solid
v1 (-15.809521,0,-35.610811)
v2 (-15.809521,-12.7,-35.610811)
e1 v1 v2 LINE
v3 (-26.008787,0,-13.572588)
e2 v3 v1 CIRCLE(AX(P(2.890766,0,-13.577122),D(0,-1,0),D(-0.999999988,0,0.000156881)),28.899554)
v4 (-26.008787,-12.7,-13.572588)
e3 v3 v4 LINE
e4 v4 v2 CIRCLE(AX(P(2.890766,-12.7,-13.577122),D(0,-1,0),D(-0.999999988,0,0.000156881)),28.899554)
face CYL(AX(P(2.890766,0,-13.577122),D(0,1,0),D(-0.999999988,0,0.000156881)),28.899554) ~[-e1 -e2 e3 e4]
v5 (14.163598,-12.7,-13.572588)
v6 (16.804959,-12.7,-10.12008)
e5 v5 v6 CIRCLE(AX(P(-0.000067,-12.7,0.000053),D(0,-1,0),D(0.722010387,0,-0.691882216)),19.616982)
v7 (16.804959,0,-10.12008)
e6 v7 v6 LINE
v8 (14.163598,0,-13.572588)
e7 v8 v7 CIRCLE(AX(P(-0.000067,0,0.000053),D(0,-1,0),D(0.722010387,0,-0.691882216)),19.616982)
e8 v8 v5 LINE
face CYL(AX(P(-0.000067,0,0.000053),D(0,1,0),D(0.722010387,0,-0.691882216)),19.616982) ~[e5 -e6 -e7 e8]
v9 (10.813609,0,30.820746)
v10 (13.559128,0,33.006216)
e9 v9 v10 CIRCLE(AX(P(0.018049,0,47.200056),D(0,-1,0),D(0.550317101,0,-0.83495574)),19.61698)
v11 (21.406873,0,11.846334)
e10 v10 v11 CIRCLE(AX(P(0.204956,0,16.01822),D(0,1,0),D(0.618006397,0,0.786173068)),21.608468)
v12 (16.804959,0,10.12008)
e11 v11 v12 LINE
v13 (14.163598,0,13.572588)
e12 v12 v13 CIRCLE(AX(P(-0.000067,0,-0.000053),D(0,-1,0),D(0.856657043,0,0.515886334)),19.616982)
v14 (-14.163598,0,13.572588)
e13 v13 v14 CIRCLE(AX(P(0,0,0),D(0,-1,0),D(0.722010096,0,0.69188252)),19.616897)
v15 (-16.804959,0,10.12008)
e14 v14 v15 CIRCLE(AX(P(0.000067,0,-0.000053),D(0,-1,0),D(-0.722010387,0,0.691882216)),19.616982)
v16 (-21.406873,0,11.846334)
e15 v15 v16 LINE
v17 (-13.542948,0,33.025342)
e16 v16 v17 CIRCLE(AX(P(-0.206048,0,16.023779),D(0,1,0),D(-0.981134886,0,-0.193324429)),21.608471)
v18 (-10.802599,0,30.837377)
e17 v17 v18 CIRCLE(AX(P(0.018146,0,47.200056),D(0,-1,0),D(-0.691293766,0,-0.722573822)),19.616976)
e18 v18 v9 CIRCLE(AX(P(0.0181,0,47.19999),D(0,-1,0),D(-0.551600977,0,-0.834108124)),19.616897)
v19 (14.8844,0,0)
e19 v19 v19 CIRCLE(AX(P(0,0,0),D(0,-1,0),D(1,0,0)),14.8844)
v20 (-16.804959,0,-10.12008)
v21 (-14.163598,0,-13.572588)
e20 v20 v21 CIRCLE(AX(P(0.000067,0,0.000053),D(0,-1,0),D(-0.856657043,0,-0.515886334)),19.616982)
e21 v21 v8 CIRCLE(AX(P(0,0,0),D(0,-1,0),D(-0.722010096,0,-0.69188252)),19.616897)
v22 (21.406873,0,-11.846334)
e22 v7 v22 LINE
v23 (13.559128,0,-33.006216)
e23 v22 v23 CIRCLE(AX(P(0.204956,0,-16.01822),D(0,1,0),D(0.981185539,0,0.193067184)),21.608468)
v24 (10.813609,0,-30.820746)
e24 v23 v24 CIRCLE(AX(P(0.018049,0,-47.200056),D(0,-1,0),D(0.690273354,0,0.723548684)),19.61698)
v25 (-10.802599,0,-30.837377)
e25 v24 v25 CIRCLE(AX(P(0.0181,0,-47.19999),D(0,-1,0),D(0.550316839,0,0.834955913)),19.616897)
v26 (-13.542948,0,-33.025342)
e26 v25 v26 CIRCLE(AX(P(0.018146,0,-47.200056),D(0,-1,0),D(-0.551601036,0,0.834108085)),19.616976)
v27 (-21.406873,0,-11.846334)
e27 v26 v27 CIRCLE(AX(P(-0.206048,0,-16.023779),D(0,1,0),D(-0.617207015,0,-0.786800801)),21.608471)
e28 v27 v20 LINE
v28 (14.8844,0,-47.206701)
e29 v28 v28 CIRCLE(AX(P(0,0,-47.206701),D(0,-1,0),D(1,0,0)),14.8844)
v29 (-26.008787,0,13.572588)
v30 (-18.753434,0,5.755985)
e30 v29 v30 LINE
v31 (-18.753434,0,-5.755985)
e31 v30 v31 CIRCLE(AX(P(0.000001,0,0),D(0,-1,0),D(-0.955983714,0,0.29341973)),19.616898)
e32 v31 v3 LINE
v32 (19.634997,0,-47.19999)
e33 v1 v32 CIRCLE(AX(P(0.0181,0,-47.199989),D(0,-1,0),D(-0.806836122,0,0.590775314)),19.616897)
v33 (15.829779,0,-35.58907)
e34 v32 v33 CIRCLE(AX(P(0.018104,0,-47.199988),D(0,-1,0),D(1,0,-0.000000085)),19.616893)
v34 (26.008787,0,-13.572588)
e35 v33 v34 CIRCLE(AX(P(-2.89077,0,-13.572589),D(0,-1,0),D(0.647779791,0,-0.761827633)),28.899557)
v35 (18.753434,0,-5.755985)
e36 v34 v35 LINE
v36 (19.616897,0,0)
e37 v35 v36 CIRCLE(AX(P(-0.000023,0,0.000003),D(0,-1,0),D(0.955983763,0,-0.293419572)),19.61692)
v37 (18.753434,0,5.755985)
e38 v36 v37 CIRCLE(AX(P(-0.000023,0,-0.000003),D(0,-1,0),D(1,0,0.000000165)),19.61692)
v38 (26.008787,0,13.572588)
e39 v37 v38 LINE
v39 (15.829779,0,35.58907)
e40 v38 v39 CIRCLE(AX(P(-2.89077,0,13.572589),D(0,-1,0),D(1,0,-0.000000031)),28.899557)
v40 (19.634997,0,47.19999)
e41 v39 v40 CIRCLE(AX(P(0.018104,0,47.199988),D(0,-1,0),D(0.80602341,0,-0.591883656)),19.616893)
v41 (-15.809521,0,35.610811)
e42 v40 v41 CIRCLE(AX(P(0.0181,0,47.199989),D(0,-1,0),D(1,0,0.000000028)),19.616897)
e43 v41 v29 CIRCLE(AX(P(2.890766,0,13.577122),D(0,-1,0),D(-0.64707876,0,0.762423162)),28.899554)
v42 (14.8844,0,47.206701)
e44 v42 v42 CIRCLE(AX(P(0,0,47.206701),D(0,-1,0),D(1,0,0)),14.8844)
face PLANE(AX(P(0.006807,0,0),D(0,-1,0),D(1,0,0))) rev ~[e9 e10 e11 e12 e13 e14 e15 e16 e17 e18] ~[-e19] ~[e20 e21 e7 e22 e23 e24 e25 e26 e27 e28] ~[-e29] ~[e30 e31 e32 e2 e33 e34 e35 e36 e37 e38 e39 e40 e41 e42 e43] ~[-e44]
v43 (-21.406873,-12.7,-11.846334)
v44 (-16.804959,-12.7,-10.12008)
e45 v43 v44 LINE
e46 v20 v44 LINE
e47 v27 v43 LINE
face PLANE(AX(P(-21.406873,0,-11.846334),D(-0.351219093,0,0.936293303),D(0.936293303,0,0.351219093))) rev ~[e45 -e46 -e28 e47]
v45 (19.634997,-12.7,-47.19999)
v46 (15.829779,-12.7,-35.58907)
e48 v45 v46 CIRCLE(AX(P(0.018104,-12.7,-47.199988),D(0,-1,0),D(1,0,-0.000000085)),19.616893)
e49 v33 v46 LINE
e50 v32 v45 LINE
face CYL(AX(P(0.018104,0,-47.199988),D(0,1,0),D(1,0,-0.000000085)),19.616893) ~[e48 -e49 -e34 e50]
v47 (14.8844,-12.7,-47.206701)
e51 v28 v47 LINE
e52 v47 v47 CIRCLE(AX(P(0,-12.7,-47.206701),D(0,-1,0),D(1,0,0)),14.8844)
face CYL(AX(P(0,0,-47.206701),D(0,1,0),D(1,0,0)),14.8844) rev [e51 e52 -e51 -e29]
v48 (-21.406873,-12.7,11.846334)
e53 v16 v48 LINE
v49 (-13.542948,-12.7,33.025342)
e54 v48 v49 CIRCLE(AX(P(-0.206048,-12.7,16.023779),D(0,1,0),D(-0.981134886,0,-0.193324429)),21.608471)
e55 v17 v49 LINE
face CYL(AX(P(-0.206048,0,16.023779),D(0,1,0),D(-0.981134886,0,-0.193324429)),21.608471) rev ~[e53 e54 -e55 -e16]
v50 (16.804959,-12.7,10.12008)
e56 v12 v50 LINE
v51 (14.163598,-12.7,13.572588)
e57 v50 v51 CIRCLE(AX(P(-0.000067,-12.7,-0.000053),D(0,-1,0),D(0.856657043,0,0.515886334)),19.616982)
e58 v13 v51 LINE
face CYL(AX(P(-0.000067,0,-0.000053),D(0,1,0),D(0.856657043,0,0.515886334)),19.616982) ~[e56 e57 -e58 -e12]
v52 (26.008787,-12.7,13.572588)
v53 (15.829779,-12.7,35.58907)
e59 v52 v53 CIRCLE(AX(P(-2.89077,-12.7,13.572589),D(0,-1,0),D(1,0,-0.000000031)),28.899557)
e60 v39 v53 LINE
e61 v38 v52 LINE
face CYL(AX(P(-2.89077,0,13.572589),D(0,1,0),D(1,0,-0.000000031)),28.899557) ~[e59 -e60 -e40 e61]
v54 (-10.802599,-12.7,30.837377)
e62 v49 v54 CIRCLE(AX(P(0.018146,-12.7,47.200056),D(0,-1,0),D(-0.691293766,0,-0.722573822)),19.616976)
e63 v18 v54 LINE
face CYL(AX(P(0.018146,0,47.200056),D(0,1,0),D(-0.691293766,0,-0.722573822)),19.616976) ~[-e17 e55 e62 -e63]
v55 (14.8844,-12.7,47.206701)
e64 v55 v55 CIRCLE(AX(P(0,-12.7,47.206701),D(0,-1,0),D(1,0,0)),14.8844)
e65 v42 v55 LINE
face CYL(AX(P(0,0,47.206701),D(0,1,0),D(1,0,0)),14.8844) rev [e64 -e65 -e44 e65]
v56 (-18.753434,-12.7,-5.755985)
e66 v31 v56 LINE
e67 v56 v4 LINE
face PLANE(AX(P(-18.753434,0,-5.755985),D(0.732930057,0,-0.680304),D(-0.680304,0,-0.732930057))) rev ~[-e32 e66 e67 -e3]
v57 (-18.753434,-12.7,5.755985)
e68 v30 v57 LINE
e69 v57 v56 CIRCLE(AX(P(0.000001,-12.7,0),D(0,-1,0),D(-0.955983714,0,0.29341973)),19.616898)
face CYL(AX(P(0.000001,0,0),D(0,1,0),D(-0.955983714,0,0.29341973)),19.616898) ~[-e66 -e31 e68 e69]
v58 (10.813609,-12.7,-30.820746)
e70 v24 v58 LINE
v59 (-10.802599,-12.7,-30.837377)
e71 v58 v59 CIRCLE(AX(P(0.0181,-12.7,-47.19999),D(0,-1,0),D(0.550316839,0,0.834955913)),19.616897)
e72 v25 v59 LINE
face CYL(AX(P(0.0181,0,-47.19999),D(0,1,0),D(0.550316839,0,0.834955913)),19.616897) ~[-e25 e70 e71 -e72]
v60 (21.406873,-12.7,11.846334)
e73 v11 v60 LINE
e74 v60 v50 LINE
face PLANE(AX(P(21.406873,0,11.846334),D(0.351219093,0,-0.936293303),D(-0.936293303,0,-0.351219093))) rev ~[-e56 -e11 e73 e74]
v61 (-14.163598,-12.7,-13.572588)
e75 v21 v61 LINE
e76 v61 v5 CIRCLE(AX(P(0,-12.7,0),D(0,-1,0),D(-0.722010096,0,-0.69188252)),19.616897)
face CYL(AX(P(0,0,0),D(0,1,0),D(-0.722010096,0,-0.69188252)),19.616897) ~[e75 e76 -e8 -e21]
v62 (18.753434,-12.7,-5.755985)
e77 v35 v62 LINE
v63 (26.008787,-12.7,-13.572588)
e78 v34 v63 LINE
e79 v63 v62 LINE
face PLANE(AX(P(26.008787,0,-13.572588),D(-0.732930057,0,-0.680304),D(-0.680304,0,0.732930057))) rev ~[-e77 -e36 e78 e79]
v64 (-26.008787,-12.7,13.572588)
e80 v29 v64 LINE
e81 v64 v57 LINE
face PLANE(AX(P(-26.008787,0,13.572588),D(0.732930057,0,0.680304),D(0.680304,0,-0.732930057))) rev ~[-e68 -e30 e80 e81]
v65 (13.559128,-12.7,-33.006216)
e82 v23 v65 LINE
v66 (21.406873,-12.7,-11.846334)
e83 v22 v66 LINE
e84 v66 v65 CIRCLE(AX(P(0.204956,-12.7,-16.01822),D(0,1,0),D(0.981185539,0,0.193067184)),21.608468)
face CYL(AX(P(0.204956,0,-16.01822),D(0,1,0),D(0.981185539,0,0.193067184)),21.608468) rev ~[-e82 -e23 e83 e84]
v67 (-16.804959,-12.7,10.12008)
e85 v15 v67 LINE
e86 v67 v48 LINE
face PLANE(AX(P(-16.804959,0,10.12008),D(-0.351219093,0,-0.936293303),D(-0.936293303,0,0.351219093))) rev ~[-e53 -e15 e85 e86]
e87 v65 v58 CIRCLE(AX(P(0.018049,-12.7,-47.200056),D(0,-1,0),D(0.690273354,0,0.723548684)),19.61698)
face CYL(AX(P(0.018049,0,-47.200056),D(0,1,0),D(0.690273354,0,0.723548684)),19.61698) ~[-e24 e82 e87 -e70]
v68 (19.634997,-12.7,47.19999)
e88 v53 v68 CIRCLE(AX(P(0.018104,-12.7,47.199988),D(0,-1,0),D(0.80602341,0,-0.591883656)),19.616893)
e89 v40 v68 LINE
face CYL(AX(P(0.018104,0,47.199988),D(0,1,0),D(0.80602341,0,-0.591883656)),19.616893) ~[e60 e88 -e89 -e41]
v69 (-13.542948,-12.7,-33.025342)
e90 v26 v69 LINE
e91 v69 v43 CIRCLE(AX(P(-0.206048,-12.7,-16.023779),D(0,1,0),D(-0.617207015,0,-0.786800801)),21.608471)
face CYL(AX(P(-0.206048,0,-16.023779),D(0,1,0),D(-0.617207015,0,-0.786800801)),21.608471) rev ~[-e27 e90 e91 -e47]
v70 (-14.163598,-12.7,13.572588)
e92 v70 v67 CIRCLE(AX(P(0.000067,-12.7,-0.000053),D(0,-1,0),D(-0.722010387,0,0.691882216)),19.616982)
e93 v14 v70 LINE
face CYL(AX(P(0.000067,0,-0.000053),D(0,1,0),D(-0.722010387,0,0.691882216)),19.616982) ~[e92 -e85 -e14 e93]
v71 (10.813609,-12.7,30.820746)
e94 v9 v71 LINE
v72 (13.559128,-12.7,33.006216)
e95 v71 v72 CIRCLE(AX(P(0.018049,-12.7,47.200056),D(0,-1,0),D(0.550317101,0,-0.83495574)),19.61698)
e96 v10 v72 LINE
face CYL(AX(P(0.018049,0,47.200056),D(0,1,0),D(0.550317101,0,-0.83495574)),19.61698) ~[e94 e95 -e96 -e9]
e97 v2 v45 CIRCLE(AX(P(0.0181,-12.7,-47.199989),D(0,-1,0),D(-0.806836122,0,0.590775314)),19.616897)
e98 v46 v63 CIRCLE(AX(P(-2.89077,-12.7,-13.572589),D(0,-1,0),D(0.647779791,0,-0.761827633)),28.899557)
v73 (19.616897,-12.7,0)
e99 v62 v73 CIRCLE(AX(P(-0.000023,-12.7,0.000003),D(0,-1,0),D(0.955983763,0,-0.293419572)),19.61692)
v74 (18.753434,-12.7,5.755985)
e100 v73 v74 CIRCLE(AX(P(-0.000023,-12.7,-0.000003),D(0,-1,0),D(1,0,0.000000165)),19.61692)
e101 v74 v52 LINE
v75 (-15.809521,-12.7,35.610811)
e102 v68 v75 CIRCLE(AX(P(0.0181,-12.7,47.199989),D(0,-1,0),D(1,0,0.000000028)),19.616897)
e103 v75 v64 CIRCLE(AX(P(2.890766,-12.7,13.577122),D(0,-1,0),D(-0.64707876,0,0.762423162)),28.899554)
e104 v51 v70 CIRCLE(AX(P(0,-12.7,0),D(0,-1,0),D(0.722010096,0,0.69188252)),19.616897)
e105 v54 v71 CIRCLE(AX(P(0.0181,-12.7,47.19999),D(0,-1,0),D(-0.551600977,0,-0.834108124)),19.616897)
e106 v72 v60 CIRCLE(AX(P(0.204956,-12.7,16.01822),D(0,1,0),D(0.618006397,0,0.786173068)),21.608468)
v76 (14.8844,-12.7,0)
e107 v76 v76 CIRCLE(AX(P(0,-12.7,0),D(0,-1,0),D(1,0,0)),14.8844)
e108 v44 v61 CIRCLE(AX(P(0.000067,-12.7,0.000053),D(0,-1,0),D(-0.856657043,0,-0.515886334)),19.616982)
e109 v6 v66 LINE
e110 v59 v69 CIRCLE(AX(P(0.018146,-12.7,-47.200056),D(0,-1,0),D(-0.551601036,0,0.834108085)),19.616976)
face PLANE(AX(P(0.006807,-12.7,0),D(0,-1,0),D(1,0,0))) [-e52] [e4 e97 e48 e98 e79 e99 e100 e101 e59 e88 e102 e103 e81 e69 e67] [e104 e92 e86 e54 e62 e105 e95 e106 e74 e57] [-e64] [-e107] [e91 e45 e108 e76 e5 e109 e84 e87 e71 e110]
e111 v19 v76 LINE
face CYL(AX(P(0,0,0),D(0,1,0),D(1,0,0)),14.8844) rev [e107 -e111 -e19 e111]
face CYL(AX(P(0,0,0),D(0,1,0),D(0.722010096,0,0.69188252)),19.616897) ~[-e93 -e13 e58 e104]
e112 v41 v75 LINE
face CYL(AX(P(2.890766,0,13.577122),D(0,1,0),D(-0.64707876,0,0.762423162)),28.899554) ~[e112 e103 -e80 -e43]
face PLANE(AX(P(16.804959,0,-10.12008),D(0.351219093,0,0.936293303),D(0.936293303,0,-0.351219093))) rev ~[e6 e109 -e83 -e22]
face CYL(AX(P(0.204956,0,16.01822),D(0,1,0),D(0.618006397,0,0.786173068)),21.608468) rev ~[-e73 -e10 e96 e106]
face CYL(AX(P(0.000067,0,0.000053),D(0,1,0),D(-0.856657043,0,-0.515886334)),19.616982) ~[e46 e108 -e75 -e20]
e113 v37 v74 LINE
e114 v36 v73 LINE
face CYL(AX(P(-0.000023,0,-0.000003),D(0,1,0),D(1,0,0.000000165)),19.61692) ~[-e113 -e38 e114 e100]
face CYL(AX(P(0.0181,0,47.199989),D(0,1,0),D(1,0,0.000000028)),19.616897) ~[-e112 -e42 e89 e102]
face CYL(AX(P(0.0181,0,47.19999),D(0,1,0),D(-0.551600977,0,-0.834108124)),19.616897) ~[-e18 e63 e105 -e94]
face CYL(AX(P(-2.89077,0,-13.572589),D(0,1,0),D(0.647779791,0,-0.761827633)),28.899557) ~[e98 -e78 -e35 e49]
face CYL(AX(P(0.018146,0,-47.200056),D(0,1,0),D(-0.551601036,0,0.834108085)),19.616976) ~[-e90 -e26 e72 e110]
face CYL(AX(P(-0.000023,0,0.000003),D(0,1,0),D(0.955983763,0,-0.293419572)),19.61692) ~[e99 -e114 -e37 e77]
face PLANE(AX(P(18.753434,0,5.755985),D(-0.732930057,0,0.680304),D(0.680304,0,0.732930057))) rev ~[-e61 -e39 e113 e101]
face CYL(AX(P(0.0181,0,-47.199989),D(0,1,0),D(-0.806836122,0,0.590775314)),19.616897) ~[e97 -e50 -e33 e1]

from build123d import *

# Parameters (mm, degrees)
F0_R     = 14.8844
F1_DEPTH = 12.7


with BuildPart() as f1:
    # F0 (on Front) → F1 (new body)
    with BuildSketch(Plane.XZ):
        with BuildLine():
            ThreePointArc((18.753434, -5.755985), (19.39983, -2.910195), (19.616897, 0))
            ThreePointArc((19.616897, 0), (19.39983, 2.910195), (18.753434, 5.755985))
            ThreePointArc((18.753434, 5.755985), (17.912598, 7.997593), (16.804959, 10.12008))
            ThreePointArc((16.804959, 10.12008), (15.580206, 11.919724), (14.163598, 13.572588))
            ThreePointArc((14.163598, 13.572588), (0, 19.616897), (-14.163598, 13.572588))
            ThreePointArc((-14.163598, 13.572588), (-15.580206, 11.919724), (-16.804959, 10.12008))
            ThreePointArc((-16.804959, 10.12008), (-17.912598, 7.997593), (-18.753434, 5.755985))
            ThreePointArc((-18.753434, 5.755985), (-19.616897, 0), (-18.753434, -5.755985))
            ThreePointArc((-18.753434, -5.755985), (-17.912598, -7.997593), (-16.804959, -10.12008))
            ThreePointArc((-16.804959, -10.12008), (-15.580206, -11.919724), (-14.163598, -13.572588))
            ThreePointArc((-14.163598, -13.572588), (0, -19.616897), (14.163598, -13.572588))
            ThreePointArc((14.163598, -13.572588), (15.580206, -11.919724), (16.804959, -10.12008))
            ThreePointArc((16.804959, -10.12008), (17.912598, -7.997593), (18.753434, -5.755985))
        make_face()
        Circle(F0_R, mode=Mode.SUBTRACT)
        with BuildLine():
            ThreePointArc((16.804959, 10.12008), (17.912598, 7.997593), (18.753434, 5.755985))
            Line((18.753434, 5.755985), (26.008787, 13.572588))
            Line((26.008787, 13.572588), (21.406873, 11.846334))
            Line((21.406873, 11.846334), (16.804959, 10.12008))
        make_face()
        with BuildLine():
            Line((26.008787, -13.572588), (18.753434, -5.755985))
            ThreePointArc((18.753434, -5.755985), (17.912598, -7.997593), (16.804959, -10.12008))
            Line((16.804959, -10.12008), (21.406873, -11.846334))
            Line((21.406873, -11.846334), (26.008787, -13.572588))
        make_face()
        with BuildLine():
            Line((21.406873, 11.846334), (26.008787, 13.572588))
            ThreePointArc((26.008787, 13.572588), (23.34089, 25.700425), (15.829779, 35.58907))
            ThreePointArc((15.829779, 35.58907), (14.751163, 34.247789), (13.559128, 33.006216))
            ThreePointArc((13.559128, 33.006216), (20.464916, 23.532203), (21.406873, 11.846334))
        make_face()
        with BuildLine():
            ThreePointArc((15.829779, -35.58907), (23.34089, -25.700425), (26.008787, -13.572588))
            Line((26.008787, -13.572588), (21.406873, -11.846334))
            ThreePointArc((21.406873, -11.846334), (20.464916, -23.532203), (13.559128, -33.006216))
            ThreePointArc((13.559128, -33.006216), (14.751163, -34.247789), (15.829779, -35.58907))
        make_face()
        with BuildLine():
            ThreePointArc((13.559128, 33.006216), (14.751163, 34.247789), (15.829779, 35.58907))
            ThreePointArc((15.829779, 35.58907), (18.659435, 41.090711), (19.634997, 47.19999))
            ThreePointArc((19.634997, 47.19999), (-6.078367, 65.845518), (-15.809521, 35.610811))
            ThreePointArc((-15.809521, 35.610811), (-14.732989, 34.268323), (-13.542948, 33.025342))
            ThreePointArc((-13.542948, 33.025342), (-12.221761, 31.870005), (-10.802599, 30.837377))
            ThreePointArc((-10.802599, 30.837377), (0.003007, 27.583099), (10.813609, 30.820746))
            ThreePointArc((10.813609, 30.820746), (12.235335, 31.851967), (13.559128, 33.006216))
        make_face()
        with Locations((0, 47.206701)):
            Circle(F0_R, mode=Mode.SUBTRACT)
        with BuildLine():
            ThreePointArc((19.634997, -47.19999), (18.659435, -41.090711), (15.829779, -35.58907))
            ThreePointArc((15.829779, -35.58907), (14.751163, -34.247789), (13.559128, -33.006216))
            ThreePointArc((13.559128, -33.006216), (12.235335, -31.851967), (10.813609, -30.820746))
            ThreePointArc((10.813609, -30.820746), (0.003007, -27.583099), (-10.802599, -30.837377))
            ThreePointArc((-10.802599, -30.837377), (-12.221761, -31.870005), (-13.542948, -33.025342))
            ThreePointArc((-13.542948, -33.025342), (-14.732989, -34.268323), (-15.809521, -35.610811))
            ThreePointArc((-15.809521, -35.610811), (-6.078367, -65.845518), (19.634997, -47.19999))
        make_face()
        with Locations((0, -47.206701)):
            Circle(F0_R, mode=Mode.SUBTRACT)
        with BuildLine():
            ThreePointArc((-18.753434, 5.755985), (-17.912598, 7.997593), (-16.804959, 10.12008))
            Line((-16.804959, 10.12008), (-21.406873, 11.846334))
            Line((-21.406873, 11.846334), (-26.008787, 13.572588))
            Line((-26.008787, 13.572588), (-18.753434, 5.755985))
        make_face()
        with BuildLine():
            ThreePointArc((-13.542948, 33.025342), (-14.732989, 34.268323), (-15.809521, 35.610811))
            ThreePointArc((-15.809521, 35.610811), (-23.336262, 25.714963), (-26.008787, 13.572588))
            Line((-26.008787, 13.572588), (-21.406873, 11.846334))
            ThreePointArc((-21.406873, 11.846334), (-20.463175, 23.545404), (-13.542948, 33.025342))
        make_face()
        with BuildLine():
            Line((-21.406873, -11.846334), (-16.804959, -10.12008))
            ThreePointArc((-16.804959, -10.12008), (-17.912598, -7.997593), (-18.753434, -5.755985))
            Line((-18.753434, -5.755985), (-26.008787, -13.572588))
            Line((-26.008787, -13.572588), (-21.406873, -11.846334))
        make_face()
        with BuildLine():
            ThreePointArc((-26.008787, -13.572588), (-23.336262, -25.714963), (-15.809521, -35.610811))
            ThreePointArc((-15.809521, -35.610811), (-14.732989, -34.268323), (-13.542948, -33.025342))
            ThreePointArc((-13.542948, -33.025342), (-20.463175, -23.545404), (-21.406873, -11.846334))
            Line((-21.406873, -11.846334), (-26.008787, -13.572588))
        make_face()
    extrude(amount=F1_DEPTH)


solid = f1.part
